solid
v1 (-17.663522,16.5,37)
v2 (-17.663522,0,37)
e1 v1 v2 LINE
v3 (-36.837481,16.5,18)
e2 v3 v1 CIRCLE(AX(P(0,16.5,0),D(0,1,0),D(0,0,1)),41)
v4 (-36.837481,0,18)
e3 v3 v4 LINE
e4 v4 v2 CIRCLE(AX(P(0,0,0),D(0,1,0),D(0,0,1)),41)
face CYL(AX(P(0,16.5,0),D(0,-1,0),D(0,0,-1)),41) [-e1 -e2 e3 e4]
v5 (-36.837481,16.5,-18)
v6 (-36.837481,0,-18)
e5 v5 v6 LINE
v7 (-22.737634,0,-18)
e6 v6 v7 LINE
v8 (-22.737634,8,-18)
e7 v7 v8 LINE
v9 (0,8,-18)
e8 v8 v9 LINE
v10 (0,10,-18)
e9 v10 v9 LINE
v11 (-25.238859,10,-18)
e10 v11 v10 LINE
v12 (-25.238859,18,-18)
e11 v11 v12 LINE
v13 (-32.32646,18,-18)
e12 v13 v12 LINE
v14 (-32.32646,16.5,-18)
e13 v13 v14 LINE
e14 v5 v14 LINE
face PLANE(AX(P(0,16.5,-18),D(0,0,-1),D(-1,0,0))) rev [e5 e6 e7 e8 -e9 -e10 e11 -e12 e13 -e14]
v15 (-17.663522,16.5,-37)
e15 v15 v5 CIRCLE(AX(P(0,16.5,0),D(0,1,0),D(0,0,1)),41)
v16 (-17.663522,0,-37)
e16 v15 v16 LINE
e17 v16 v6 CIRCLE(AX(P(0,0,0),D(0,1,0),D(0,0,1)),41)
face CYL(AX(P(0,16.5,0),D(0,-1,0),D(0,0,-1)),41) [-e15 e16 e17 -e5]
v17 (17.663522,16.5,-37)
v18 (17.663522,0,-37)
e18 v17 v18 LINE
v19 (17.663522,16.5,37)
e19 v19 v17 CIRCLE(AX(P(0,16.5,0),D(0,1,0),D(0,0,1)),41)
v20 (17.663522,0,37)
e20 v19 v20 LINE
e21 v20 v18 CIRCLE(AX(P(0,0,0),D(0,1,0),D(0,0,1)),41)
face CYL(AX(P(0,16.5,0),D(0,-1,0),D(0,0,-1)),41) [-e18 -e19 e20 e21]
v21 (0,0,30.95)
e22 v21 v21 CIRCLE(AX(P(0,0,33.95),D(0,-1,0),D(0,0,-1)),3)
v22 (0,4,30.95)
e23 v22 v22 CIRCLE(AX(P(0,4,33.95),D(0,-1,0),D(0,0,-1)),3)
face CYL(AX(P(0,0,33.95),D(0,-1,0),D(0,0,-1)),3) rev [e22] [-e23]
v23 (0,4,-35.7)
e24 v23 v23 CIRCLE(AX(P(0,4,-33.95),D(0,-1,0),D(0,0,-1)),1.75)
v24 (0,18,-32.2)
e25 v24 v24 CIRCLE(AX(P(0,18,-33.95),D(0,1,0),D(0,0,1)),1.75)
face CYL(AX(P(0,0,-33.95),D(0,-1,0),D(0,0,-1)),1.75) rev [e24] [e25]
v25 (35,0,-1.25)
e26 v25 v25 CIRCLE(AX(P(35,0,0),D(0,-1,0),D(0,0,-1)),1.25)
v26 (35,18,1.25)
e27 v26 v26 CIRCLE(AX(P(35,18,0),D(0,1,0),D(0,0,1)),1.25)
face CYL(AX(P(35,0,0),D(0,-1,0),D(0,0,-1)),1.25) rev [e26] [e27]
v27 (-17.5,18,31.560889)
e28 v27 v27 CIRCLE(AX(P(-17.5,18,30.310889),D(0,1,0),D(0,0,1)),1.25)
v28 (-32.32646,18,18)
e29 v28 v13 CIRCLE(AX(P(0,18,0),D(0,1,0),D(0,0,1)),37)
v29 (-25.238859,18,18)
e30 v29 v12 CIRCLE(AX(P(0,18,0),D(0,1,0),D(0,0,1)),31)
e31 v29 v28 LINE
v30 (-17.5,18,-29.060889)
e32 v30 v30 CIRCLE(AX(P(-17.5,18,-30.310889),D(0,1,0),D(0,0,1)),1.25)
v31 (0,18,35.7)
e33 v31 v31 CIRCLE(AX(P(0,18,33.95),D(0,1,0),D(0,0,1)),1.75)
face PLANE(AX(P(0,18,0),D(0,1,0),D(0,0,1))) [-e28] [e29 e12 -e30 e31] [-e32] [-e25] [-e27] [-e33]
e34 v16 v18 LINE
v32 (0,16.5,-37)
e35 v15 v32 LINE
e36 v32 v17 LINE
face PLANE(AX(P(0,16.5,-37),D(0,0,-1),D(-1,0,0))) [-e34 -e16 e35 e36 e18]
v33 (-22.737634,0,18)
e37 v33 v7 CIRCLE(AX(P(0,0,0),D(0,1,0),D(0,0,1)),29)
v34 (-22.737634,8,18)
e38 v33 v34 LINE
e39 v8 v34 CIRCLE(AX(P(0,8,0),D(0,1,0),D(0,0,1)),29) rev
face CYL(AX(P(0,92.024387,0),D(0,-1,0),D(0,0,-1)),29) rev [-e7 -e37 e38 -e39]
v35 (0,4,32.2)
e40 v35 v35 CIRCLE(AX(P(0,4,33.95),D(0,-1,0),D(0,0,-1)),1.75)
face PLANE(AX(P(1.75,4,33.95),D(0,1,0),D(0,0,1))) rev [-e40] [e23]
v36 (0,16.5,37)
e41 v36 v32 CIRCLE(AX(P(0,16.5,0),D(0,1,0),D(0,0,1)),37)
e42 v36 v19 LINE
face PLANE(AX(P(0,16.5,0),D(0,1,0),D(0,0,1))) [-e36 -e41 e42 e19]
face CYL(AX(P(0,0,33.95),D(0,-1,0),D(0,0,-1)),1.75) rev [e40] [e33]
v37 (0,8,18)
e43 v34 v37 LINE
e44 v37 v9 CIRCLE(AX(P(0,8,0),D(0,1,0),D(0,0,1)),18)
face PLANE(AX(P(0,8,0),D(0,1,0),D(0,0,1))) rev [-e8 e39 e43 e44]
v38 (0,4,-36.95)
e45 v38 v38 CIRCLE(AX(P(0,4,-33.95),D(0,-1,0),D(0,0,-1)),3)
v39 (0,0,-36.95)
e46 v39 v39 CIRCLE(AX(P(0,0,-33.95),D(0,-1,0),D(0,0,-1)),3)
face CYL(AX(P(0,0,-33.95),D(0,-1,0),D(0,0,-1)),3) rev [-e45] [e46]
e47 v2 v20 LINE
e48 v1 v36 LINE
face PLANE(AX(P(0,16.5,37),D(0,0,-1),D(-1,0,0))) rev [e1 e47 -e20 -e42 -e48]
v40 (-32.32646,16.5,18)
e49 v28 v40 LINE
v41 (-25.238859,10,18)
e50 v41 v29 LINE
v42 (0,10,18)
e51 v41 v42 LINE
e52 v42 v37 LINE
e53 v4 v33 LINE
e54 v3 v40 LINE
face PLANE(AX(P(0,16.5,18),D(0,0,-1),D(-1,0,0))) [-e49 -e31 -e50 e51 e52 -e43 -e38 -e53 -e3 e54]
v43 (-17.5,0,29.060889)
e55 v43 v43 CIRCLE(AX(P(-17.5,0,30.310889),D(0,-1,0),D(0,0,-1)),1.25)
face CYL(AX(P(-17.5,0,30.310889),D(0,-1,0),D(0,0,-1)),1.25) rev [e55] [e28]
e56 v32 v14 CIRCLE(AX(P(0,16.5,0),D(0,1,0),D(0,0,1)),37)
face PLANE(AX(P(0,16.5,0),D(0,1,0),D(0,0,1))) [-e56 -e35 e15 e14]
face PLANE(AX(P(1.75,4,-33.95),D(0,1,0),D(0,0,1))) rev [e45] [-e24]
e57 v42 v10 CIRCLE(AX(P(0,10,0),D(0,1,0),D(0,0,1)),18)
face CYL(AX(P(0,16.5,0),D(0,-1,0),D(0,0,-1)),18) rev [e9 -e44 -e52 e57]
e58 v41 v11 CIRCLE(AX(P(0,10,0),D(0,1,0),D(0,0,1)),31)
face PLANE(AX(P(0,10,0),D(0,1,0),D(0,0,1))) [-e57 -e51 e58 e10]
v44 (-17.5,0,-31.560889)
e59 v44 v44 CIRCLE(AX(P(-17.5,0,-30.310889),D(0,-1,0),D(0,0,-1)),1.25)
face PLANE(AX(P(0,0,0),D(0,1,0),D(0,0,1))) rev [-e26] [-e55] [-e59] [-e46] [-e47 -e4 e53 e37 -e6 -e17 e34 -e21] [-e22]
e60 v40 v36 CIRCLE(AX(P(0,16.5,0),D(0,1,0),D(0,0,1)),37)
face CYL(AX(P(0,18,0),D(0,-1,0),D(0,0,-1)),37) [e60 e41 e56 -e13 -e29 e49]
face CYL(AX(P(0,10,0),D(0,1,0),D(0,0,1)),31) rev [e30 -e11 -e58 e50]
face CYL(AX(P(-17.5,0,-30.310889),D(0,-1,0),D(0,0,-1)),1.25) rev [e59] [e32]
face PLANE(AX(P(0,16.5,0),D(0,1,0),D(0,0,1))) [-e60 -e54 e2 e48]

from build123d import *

# Parameters (mm, degrees)
BOSS_EXTRUDE3_DEPTH = 16.5
BOSS_EXTRUDE5_DEPTH = 1.5
SKETCH13_R          = 31
CUT_EXTRUDE1_DEPTH  = 8
SKETCH14_R          = 29
CUT_EXTRUDE2_DEPTH  = 8
M3_TAPPED_HOLE1_D   = 2.5
CIRPATTERN1_COUNT   = 3
HOLE1_D             = 3.5
HOLE1_DEPTH         = 18
HOLE1_CBORE_D       = 6
HOLE1_CBORE_DEPTH   = 4
CIRPATTERN2_COUNT   = 2


with BuildPart() as part:
    # Sketch7 → Boss-Extrude3 (new body)
    with BuildSketch(Plane(origin=(0, 0, 0), x_dir=(1, 0, 0), z_dir=(0, 1, 0))):
        with BuildLine():
            Line((17.663521733, 37), (-17.663521733, 37))
            ThreePointArc((-17.663521733, 37), (-28.858964332, 29.123189689), (-36.837480913, 18))
            Line((-36.837480913, 18), (3.3e-08, 18))
            Line((3.3e-08, 18), (36.837480913, 18))
            ThreePointArc((36.837480913, 18), (28.858964332, 29.123189689), (17.663521733, 37))
        make_face()
        with BuildLine():
            Line((0, -18), (36.837480913, -18))
            Line((36.837480913, -18), (36.837480913, 18))
            Line((36.837480913, 18), (3.3e-08, 18))
            ThreePointArc((3.3e-08, 18), (12.727922073, 12.72792205), (18, 0))
            ThreePointArc((18, 0), (12.727922061, -12.727922061), (0, -18))
        make_face()
        with BuildLine():
            Line((36.837480913, 18), (36.837480913, -18))
            ThreePointArc((36.837480913, -18), (39.945817787, -9.237512722), (41, 0))
            ThreePointArc((41, 0), (39.945817787, 9.237512722), (36.837480913, 18))
        make_face()
        with BuildLine():
            ThreePointArc((-36.837480913, -18), (-28.858964332, -29.123189689), (-17.663521733, -37))
            Line((-17.663521733, -37), (17.663521733, -37))
            ThreePointArc((17.663521733, -37), (28.858964332, -29.123189689), (36.837480913, -18))
            Line((36.837480913, -18), (0, -18))
            Line((0, -18), (-36.837480913, -18))
        make_face()
    extrude(amount=BOSS_EXTRUDE3_DEPTH)

    # Sketch11 → Boss-Extrude5 (add)
    with BuildSketch(Plane(origin=(0, 16.5, 0), x_dir=(1, 0, 0), z_dir=(0, 1, 0))):
        with BuildLine():
            Line((-32.32645975, 18), (0, 18))
            ThreePointArc((0, 18), (12.727922061, 12.727922061), (18, 0))
            ThreePointArc((18, 0), (12.727922061, -12.727922061), (0, -18))
            Line((0, -18), (-32.32645975, -18))
            ThreePointArc((-32.32645975, -18), (9.298413554, -35.812560721), (37, 0))
            ThreePointArc((37, 0), (9.298413554, 35.812560721), (-32.32645975, 18))
        make_face()
    extrude(amount=BOSS_EXTRUDE5_DEPTH)

    # Sketch13 → Cut-Extrude1 (cut)
    with BuildSketch(Plane(origin=(0, 18, 0), x_dir=(1, 0, 0), z_dir=(0, 1, 0))):
        Circle(SKETCH13_R)
    extrude(amount=-CUT_EXTRUDE1_DEPTH, mode=Mode.SUBTRACT)

    # Sketch14 → Cut-Extrude2 (cut)
    with BuildSketch(Plane.XZ):
        Circle(SKETCH14_R)
    extrude(amount=-CUT_EXTRUDE2_DEPTH, mode=Mode.SUBTRACT)

    # M3 Tapped Hole1 (through all)
    with Locations(Plane(origin=(35, 0, 0), x_dir=(0, 0, -1), z_dir=(0, -1, 0))):
        with Locations((0, 0)):
            m3_tapped_hole1 = Hole(M3_TAPPED_HOLE1_D / 2)

    # CirPattern1: M3 Tapped Hole1 ×3 about axis
    cirpattern1_axis = Axis((0, 0, 0), (0, 1, 0))
    for i in range(1, CIRPATTERN1_COUNT):
        add(m3_tapped_hole1.rotate(cirpattern1_axis, i * 360 / CIRPATTERN1_COUNT), mode=Mode.SUBTRACT)

    # Hole1
    with Locations(Plane(origin=(0, 0, 33.95), x_dir=(0, 0, -1), z_dir=(0, -1, 0))):
        with Locations((0, 0), (30.604436826, -13.912164411)):
            hole1 = CounterBoreHole(HOLE1_D / 2, HOLE1_CBORE_D / 2, HOLE1_CBORE_DEPTH, depth=HOLE1_DEPTH)

    # CirPattern2: Hole1 ×2 about axis
    cirpattern2_axis = Axis((0, 0, 0), (0, 1, 0))
    for i in range(1, CIRPATTERN2_COUNT):
        add(hole1.rotate(cirpattern2_axis, i * 360 / CIRPATTERN2_COUNT), mode=Mode.SUBTRACT)


solid = part.part
